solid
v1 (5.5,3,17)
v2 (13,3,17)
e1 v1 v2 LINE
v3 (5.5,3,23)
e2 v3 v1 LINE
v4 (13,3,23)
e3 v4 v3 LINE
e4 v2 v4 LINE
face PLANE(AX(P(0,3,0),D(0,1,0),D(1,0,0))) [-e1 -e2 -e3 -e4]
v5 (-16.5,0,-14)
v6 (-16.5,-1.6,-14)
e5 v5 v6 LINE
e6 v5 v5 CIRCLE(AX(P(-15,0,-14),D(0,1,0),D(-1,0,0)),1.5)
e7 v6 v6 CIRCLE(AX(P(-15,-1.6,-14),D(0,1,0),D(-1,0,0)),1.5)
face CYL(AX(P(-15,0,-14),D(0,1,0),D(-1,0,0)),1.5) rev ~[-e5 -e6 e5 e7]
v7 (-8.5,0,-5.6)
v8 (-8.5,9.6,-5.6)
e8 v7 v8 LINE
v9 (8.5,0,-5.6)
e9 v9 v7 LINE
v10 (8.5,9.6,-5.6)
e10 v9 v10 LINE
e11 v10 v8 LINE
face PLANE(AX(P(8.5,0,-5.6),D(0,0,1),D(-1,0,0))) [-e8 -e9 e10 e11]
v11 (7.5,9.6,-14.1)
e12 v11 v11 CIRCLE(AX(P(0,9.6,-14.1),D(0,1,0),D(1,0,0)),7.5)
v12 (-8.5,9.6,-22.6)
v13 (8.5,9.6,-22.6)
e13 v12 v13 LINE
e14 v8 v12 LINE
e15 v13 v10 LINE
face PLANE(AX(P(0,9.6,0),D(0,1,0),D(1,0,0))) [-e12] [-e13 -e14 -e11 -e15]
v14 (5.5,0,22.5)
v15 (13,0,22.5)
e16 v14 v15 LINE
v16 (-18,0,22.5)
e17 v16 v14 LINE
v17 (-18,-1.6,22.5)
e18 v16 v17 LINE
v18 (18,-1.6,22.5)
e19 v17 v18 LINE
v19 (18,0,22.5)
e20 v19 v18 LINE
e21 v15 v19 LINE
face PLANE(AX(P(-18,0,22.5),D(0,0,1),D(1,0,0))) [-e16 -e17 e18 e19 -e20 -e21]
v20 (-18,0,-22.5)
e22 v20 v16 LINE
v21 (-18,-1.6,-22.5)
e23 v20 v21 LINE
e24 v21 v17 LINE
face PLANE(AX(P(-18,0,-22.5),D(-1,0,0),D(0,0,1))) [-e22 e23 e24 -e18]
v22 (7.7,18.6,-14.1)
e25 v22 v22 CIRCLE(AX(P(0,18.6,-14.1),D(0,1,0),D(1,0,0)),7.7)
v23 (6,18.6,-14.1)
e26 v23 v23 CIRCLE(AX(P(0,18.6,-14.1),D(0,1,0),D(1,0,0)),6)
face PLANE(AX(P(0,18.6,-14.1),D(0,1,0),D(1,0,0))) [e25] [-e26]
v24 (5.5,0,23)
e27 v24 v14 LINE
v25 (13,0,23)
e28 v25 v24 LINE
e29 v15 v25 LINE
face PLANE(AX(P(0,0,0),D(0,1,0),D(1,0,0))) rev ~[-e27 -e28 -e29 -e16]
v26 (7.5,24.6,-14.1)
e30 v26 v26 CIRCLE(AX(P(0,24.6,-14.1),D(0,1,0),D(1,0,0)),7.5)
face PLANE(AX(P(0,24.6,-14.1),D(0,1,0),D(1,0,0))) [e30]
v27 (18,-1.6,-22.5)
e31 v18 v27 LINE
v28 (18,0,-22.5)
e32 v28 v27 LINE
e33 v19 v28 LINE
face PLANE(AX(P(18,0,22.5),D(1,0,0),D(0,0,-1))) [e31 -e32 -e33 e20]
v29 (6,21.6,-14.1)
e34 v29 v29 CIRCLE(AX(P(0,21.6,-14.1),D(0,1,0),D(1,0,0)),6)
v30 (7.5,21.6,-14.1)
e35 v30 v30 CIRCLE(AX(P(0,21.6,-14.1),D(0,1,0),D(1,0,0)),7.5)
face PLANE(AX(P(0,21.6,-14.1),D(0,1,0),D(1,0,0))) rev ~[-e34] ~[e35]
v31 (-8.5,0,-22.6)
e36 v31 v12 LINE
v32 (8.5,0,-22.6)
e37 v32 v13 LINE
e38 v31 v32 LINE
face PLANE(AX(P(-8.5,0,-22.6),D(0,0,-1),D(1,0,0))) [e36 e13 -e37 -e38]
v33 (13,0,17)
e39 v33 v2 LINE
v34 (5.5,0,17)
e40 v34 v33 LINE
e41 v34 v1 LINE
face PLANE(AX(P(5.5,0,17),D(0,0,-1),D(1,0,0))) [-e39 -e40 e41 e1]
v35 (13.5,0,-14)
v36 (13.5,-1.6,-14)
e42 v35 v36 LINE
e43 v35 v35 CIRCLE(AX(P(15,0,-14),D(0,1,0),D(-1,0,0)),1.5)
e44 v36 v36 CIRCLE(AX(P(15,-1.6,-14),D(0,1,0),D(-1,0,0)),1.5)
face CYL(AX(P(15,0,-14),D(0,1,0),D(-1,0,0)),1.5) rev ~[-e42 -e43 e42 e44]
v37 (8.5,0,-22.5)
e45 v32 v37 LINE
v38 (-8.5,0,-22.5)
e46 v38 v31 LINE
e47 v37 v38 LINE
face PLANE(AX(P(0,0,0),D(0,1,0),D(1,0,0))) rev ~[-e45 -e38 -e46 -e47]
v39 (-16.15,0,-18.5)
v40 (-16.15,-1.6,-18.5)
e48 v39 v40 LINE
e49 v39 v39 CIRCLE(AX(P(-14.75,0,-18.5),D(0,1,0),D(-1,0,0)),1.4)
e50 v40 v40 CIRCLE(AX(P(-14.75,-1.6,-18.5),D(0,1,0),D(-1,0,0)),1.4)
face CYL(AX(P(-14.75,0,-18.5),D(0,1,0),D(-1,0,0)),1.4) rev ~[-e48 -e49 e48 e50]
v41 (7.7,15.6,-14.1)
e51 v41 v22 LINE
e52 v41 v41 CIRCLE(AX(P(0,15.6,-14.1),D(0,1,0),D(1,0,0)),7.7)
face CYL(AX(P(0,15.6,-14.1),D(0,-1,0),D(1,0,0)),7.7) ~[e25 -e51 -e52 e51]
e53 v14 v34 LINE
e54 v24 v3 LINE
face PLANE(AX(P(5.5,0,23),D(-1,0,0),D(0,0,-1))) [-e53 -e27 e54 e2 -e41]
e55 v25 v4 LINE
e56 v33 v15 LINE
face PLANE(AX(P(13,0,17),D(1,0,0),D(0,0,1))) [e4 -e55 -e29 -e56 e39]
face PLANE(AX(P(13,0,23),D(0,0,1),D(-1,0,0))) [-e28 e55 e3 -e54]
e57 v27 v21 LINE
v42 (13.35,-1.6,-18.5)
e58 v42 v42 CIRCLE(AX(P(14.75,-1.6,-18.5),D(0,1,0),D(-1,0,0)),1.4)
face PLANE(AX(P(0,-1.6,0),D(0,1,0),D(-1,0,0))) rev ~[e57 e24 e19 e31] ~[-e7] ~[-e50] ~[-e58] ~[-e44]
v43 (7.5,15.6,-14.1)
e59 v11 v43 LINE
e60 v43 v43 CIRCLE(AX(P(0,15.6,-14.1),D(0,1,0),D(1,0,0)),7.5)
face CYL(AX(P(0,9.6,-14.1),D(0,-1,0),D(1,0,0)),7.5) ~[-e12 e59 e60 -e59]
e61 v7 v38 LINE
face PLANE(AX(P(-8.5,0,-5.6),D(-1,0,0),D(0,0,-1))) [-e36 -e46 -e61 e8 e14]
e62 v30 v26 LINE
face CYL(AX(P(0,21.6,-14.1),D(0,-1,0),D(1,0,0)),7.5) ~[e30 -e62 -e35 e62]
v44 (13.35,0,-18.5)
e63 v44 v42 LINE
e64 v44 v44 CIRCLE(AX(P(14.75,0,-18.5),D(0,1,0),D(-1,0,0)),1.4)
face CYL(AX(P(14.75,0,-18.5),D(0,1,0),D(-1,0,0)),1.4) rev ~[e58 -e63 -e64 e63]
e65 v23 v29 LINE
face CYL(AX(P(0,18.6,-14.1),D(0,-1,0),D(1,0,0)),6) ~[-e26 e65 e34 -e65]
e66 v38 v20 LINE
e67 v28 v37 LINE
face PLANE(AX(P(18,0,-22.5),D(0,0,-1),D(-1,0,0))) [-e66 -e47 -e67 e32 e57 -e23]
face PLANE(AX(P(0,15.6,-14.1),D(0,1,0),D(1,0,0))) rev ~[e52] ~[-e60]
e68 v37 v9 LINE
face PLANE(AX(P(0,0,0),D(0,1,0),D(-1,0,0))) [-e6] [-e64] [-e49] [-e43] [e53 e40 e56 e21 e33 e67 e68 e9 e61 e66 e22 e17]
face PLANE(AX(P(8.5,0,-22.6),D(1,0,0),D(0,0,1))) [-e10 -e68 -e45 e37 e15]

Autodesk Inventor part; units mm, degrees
ref_plane "YZ Plane" through (0, 0, 0) normal (1, 0, 0) x (0, 1, 0)
ref_plane "XZ Plane" through (0, 0, 0) normal (0, 1, 0) x (-1, 0, 0)
ref_plane "XY Plane" through (0, 0, 0) normal (0, 0, 1) x (1, 0, 0)
sketch "Эскиз1" plane through (0, 0, 0) normal (0, 1, 0) x (-1, 0, 0)
  line L0 (-18, -22.5) -> (18, -22.5)
  line L1 (18, -22.5) -> (18, 22.5)
  line L2 (18, 22.5) -> (-18, 22.5)
  line L3 (-18, 22.5) -> (-18, -22.5)
  line L4 (-18, -22.5) -> (18, 22.5) construction
  line L5 (18, -22.5) -> (-18, 22.5) construction
  circle A0 centre (15, -14) radius 1.5
  line L6 (0, -22.5) -> (0, 22.5) construction
  circle A1 centre (-15, -14) radius 1.5
  circle A2 centre (14.75, -18.5) radius 1.4
  circle A3 centre (-14.75, -18.5) radius 1.4
  point P0 (0, 0)
  dimension "d0" = 36
  dimension "d1" = 45
  dimension "d2" = 3
  dimension "d3" = 30
  dimension "d4" = 8.5
  dimension "d5" = 2.8
  dimension "d6" = 29.5
  dimension "d7" = 4
extrude "Выдавливание1" add sketch "Эскиз1" against normal blind 1.6
sketch "Эскиз2" plane through (0, 0, 0) normal (0, 1, 0) x (1, 0, 0)
  line L0 (18, 22.5) -> (-18, 22.5) construction
  line L1 (-18, 22.5) -> (-18, -22.5) construction
  line L2 (-18, -22.5) -> (18, -22.5) construction
  line L3 (18, -22.5) -> (18, 22.5) construction
  circle A0 centre (-15, 14) radius 1.5 construction
  circle A1 centre (15, 14) radius 1.5 construction
  circle A2 centre (-14.75, 18.5) radius 1.4 construction
  circle A3 centre (14.75, 18.5) radius 1.4 construction
  line L4 (-15, 14) -> (15, 14) construction
  line L5 (-18, 22.5) -> (18, 22.5) construction
  line L6 (0, 22.5) -> (0, 0) construction
  line L7 (-8.5, 22.6) -> (8.5, 22.6)
  line L8 (8.5, 22.6) -> (8.5, 5.6)
  line L9 (8.5, 5.6) -> (-8.5, 5.6)
  line L10 (-8.5, 5.6) -> (-8.5, 22.6)
  line L11 (-8.5, 5.6) -> (8.5, 22.6) construction
  line L12 (-8.5, 22.6) -> (8.5, 5.6) construction
  point P0 (0, 14.1)
  dimension "d10" = 17
  dimension "d11" = 17
  dimension "d12" = 0.1
extrude "Выдавливание2" add sketch "Эскиз2" along normal blind 9.6
sketch "Эскиз3" plane through (0, 9.6, 0) normal (0, 1, 0) x (1, 0, 0)
  line L0 (8.5, 22.6) -> (-8.5, 22.6) projected
  line L1 (-8.5, 22.6) -> (-8.5, 5.6) projected
  line L2 (-8.5, 5.6) -> (8.5, 5.6) projected
  line L3 (8.5, 5.6) -> (8.5, 22.6) projected
  line L4 (8.5, 22.6) -> (-8.5, 22.6) construction
  line L5 (8.5, 22.6) -> (-8.5, 5.6) construction
  line L6 (-8.5, 22.6) -> (-8.5, 5.6) construction
  line L7 (-8.5, 5.6) -> (8.5, 5.6) construction
  line L8 (-8.5, 22.6) -> (8.5, 5.6) construction
  circle A0 centre (0, 14.1) radius 7.5
  point P0 (0, 0)
  dimension "d15" = 15
extrude "Выдавливание3" add sketch "Эскиз3" along normal blind 6 contours A0
sketch "Эскиз4" plane through (0, 15.6, -14.1) normal (0, 1, 0) x (1, 0, 0)
  circle A0 centre (0, 0) radius 7.5 projected
  circle A1 centre (0, 0) radius 7.7
  point P0 (0, -14.1)
  dimension "d18" = 15.4
extrude "Выдавливание4" add sketch "Эскиз4" along normal blind 3 contours A0 | A1
sketch "Эскиз5" plane through (0, 18.6, -14.1) normal (0, 1, 0) x (1, 0, 0)
  circle A0 centre (0, 0) radius 7.7 projected
  circle A1 centre (0, 0) radius 6
  point P0 (0, -14.1)
  dimension "d21" = 12
extrude "Выдавливание5" add sketch "Эскиз5" along normal blind 3 contours A1
sketch "Эскиз6" plane through (0, 21.6, -14.1) normal (0, 1, 0) x (1, 0, 0)
  circle A0 centre (0, 0) radius 6 projected
  circle A1 centre (0, 0) radius 7.5
  point P0 (0, -14.1)
  dimension "d24" = 15
extrude "Выдавливание6" add sketch "Эскиз6" along normal blind 3 contours A0 | A1
sketch "Эскиз7" plane through (0, 0, 0) normal (0, 1, 0) x (1, 0, 0)
  line L0 (-8.5, 5.6) -> (-8.5, 22.5) construction
  line L1 (-8.5, 22.5) -> (-18, 22.5) construction
  line L2 (-18, 22.5) -> (-18, -22.5) construction
  line L3 (-18, -22.5) -> (18, -22.5) construction
  line L4 (18, -22.5) -> (18, 22.5) construction
  line L5 (18, 22.5) -> (8.5, 22.5) construction
  line L6 (8.5, 22.5) -> (8.5, 5.6) construction
  line L7 (8.5, 5.6) -> (-8.5, 5.6) construction
  circle A0 centre (-15, 14) radius 1.5 construction
  circle A1 centre (15, 14) radius 1.5 construction
  circle A2 centre (-14.75, 18.5) radius 1.4 construction
  circle A3 centre (14.75, 18.5) radius 1.4 construction
  line L8 (5.5, -17) -> (13, -17)
  line L9 (13, -17) -> (13, -23)
  line L10 (13, -23) -> (5.5, -23)
  line L11 (5.5, -23) -> (5.5, -17)
  point P0 (0, 0)
  dimension "d27" = 7.5
  dimension "d28" = 6
  dimension "d29" = 5
  dimension "d32" = 0.5
extrude "Выдавливание7" add sketch "Эскиз7" along normal blind 3
properties part number "cam001"
